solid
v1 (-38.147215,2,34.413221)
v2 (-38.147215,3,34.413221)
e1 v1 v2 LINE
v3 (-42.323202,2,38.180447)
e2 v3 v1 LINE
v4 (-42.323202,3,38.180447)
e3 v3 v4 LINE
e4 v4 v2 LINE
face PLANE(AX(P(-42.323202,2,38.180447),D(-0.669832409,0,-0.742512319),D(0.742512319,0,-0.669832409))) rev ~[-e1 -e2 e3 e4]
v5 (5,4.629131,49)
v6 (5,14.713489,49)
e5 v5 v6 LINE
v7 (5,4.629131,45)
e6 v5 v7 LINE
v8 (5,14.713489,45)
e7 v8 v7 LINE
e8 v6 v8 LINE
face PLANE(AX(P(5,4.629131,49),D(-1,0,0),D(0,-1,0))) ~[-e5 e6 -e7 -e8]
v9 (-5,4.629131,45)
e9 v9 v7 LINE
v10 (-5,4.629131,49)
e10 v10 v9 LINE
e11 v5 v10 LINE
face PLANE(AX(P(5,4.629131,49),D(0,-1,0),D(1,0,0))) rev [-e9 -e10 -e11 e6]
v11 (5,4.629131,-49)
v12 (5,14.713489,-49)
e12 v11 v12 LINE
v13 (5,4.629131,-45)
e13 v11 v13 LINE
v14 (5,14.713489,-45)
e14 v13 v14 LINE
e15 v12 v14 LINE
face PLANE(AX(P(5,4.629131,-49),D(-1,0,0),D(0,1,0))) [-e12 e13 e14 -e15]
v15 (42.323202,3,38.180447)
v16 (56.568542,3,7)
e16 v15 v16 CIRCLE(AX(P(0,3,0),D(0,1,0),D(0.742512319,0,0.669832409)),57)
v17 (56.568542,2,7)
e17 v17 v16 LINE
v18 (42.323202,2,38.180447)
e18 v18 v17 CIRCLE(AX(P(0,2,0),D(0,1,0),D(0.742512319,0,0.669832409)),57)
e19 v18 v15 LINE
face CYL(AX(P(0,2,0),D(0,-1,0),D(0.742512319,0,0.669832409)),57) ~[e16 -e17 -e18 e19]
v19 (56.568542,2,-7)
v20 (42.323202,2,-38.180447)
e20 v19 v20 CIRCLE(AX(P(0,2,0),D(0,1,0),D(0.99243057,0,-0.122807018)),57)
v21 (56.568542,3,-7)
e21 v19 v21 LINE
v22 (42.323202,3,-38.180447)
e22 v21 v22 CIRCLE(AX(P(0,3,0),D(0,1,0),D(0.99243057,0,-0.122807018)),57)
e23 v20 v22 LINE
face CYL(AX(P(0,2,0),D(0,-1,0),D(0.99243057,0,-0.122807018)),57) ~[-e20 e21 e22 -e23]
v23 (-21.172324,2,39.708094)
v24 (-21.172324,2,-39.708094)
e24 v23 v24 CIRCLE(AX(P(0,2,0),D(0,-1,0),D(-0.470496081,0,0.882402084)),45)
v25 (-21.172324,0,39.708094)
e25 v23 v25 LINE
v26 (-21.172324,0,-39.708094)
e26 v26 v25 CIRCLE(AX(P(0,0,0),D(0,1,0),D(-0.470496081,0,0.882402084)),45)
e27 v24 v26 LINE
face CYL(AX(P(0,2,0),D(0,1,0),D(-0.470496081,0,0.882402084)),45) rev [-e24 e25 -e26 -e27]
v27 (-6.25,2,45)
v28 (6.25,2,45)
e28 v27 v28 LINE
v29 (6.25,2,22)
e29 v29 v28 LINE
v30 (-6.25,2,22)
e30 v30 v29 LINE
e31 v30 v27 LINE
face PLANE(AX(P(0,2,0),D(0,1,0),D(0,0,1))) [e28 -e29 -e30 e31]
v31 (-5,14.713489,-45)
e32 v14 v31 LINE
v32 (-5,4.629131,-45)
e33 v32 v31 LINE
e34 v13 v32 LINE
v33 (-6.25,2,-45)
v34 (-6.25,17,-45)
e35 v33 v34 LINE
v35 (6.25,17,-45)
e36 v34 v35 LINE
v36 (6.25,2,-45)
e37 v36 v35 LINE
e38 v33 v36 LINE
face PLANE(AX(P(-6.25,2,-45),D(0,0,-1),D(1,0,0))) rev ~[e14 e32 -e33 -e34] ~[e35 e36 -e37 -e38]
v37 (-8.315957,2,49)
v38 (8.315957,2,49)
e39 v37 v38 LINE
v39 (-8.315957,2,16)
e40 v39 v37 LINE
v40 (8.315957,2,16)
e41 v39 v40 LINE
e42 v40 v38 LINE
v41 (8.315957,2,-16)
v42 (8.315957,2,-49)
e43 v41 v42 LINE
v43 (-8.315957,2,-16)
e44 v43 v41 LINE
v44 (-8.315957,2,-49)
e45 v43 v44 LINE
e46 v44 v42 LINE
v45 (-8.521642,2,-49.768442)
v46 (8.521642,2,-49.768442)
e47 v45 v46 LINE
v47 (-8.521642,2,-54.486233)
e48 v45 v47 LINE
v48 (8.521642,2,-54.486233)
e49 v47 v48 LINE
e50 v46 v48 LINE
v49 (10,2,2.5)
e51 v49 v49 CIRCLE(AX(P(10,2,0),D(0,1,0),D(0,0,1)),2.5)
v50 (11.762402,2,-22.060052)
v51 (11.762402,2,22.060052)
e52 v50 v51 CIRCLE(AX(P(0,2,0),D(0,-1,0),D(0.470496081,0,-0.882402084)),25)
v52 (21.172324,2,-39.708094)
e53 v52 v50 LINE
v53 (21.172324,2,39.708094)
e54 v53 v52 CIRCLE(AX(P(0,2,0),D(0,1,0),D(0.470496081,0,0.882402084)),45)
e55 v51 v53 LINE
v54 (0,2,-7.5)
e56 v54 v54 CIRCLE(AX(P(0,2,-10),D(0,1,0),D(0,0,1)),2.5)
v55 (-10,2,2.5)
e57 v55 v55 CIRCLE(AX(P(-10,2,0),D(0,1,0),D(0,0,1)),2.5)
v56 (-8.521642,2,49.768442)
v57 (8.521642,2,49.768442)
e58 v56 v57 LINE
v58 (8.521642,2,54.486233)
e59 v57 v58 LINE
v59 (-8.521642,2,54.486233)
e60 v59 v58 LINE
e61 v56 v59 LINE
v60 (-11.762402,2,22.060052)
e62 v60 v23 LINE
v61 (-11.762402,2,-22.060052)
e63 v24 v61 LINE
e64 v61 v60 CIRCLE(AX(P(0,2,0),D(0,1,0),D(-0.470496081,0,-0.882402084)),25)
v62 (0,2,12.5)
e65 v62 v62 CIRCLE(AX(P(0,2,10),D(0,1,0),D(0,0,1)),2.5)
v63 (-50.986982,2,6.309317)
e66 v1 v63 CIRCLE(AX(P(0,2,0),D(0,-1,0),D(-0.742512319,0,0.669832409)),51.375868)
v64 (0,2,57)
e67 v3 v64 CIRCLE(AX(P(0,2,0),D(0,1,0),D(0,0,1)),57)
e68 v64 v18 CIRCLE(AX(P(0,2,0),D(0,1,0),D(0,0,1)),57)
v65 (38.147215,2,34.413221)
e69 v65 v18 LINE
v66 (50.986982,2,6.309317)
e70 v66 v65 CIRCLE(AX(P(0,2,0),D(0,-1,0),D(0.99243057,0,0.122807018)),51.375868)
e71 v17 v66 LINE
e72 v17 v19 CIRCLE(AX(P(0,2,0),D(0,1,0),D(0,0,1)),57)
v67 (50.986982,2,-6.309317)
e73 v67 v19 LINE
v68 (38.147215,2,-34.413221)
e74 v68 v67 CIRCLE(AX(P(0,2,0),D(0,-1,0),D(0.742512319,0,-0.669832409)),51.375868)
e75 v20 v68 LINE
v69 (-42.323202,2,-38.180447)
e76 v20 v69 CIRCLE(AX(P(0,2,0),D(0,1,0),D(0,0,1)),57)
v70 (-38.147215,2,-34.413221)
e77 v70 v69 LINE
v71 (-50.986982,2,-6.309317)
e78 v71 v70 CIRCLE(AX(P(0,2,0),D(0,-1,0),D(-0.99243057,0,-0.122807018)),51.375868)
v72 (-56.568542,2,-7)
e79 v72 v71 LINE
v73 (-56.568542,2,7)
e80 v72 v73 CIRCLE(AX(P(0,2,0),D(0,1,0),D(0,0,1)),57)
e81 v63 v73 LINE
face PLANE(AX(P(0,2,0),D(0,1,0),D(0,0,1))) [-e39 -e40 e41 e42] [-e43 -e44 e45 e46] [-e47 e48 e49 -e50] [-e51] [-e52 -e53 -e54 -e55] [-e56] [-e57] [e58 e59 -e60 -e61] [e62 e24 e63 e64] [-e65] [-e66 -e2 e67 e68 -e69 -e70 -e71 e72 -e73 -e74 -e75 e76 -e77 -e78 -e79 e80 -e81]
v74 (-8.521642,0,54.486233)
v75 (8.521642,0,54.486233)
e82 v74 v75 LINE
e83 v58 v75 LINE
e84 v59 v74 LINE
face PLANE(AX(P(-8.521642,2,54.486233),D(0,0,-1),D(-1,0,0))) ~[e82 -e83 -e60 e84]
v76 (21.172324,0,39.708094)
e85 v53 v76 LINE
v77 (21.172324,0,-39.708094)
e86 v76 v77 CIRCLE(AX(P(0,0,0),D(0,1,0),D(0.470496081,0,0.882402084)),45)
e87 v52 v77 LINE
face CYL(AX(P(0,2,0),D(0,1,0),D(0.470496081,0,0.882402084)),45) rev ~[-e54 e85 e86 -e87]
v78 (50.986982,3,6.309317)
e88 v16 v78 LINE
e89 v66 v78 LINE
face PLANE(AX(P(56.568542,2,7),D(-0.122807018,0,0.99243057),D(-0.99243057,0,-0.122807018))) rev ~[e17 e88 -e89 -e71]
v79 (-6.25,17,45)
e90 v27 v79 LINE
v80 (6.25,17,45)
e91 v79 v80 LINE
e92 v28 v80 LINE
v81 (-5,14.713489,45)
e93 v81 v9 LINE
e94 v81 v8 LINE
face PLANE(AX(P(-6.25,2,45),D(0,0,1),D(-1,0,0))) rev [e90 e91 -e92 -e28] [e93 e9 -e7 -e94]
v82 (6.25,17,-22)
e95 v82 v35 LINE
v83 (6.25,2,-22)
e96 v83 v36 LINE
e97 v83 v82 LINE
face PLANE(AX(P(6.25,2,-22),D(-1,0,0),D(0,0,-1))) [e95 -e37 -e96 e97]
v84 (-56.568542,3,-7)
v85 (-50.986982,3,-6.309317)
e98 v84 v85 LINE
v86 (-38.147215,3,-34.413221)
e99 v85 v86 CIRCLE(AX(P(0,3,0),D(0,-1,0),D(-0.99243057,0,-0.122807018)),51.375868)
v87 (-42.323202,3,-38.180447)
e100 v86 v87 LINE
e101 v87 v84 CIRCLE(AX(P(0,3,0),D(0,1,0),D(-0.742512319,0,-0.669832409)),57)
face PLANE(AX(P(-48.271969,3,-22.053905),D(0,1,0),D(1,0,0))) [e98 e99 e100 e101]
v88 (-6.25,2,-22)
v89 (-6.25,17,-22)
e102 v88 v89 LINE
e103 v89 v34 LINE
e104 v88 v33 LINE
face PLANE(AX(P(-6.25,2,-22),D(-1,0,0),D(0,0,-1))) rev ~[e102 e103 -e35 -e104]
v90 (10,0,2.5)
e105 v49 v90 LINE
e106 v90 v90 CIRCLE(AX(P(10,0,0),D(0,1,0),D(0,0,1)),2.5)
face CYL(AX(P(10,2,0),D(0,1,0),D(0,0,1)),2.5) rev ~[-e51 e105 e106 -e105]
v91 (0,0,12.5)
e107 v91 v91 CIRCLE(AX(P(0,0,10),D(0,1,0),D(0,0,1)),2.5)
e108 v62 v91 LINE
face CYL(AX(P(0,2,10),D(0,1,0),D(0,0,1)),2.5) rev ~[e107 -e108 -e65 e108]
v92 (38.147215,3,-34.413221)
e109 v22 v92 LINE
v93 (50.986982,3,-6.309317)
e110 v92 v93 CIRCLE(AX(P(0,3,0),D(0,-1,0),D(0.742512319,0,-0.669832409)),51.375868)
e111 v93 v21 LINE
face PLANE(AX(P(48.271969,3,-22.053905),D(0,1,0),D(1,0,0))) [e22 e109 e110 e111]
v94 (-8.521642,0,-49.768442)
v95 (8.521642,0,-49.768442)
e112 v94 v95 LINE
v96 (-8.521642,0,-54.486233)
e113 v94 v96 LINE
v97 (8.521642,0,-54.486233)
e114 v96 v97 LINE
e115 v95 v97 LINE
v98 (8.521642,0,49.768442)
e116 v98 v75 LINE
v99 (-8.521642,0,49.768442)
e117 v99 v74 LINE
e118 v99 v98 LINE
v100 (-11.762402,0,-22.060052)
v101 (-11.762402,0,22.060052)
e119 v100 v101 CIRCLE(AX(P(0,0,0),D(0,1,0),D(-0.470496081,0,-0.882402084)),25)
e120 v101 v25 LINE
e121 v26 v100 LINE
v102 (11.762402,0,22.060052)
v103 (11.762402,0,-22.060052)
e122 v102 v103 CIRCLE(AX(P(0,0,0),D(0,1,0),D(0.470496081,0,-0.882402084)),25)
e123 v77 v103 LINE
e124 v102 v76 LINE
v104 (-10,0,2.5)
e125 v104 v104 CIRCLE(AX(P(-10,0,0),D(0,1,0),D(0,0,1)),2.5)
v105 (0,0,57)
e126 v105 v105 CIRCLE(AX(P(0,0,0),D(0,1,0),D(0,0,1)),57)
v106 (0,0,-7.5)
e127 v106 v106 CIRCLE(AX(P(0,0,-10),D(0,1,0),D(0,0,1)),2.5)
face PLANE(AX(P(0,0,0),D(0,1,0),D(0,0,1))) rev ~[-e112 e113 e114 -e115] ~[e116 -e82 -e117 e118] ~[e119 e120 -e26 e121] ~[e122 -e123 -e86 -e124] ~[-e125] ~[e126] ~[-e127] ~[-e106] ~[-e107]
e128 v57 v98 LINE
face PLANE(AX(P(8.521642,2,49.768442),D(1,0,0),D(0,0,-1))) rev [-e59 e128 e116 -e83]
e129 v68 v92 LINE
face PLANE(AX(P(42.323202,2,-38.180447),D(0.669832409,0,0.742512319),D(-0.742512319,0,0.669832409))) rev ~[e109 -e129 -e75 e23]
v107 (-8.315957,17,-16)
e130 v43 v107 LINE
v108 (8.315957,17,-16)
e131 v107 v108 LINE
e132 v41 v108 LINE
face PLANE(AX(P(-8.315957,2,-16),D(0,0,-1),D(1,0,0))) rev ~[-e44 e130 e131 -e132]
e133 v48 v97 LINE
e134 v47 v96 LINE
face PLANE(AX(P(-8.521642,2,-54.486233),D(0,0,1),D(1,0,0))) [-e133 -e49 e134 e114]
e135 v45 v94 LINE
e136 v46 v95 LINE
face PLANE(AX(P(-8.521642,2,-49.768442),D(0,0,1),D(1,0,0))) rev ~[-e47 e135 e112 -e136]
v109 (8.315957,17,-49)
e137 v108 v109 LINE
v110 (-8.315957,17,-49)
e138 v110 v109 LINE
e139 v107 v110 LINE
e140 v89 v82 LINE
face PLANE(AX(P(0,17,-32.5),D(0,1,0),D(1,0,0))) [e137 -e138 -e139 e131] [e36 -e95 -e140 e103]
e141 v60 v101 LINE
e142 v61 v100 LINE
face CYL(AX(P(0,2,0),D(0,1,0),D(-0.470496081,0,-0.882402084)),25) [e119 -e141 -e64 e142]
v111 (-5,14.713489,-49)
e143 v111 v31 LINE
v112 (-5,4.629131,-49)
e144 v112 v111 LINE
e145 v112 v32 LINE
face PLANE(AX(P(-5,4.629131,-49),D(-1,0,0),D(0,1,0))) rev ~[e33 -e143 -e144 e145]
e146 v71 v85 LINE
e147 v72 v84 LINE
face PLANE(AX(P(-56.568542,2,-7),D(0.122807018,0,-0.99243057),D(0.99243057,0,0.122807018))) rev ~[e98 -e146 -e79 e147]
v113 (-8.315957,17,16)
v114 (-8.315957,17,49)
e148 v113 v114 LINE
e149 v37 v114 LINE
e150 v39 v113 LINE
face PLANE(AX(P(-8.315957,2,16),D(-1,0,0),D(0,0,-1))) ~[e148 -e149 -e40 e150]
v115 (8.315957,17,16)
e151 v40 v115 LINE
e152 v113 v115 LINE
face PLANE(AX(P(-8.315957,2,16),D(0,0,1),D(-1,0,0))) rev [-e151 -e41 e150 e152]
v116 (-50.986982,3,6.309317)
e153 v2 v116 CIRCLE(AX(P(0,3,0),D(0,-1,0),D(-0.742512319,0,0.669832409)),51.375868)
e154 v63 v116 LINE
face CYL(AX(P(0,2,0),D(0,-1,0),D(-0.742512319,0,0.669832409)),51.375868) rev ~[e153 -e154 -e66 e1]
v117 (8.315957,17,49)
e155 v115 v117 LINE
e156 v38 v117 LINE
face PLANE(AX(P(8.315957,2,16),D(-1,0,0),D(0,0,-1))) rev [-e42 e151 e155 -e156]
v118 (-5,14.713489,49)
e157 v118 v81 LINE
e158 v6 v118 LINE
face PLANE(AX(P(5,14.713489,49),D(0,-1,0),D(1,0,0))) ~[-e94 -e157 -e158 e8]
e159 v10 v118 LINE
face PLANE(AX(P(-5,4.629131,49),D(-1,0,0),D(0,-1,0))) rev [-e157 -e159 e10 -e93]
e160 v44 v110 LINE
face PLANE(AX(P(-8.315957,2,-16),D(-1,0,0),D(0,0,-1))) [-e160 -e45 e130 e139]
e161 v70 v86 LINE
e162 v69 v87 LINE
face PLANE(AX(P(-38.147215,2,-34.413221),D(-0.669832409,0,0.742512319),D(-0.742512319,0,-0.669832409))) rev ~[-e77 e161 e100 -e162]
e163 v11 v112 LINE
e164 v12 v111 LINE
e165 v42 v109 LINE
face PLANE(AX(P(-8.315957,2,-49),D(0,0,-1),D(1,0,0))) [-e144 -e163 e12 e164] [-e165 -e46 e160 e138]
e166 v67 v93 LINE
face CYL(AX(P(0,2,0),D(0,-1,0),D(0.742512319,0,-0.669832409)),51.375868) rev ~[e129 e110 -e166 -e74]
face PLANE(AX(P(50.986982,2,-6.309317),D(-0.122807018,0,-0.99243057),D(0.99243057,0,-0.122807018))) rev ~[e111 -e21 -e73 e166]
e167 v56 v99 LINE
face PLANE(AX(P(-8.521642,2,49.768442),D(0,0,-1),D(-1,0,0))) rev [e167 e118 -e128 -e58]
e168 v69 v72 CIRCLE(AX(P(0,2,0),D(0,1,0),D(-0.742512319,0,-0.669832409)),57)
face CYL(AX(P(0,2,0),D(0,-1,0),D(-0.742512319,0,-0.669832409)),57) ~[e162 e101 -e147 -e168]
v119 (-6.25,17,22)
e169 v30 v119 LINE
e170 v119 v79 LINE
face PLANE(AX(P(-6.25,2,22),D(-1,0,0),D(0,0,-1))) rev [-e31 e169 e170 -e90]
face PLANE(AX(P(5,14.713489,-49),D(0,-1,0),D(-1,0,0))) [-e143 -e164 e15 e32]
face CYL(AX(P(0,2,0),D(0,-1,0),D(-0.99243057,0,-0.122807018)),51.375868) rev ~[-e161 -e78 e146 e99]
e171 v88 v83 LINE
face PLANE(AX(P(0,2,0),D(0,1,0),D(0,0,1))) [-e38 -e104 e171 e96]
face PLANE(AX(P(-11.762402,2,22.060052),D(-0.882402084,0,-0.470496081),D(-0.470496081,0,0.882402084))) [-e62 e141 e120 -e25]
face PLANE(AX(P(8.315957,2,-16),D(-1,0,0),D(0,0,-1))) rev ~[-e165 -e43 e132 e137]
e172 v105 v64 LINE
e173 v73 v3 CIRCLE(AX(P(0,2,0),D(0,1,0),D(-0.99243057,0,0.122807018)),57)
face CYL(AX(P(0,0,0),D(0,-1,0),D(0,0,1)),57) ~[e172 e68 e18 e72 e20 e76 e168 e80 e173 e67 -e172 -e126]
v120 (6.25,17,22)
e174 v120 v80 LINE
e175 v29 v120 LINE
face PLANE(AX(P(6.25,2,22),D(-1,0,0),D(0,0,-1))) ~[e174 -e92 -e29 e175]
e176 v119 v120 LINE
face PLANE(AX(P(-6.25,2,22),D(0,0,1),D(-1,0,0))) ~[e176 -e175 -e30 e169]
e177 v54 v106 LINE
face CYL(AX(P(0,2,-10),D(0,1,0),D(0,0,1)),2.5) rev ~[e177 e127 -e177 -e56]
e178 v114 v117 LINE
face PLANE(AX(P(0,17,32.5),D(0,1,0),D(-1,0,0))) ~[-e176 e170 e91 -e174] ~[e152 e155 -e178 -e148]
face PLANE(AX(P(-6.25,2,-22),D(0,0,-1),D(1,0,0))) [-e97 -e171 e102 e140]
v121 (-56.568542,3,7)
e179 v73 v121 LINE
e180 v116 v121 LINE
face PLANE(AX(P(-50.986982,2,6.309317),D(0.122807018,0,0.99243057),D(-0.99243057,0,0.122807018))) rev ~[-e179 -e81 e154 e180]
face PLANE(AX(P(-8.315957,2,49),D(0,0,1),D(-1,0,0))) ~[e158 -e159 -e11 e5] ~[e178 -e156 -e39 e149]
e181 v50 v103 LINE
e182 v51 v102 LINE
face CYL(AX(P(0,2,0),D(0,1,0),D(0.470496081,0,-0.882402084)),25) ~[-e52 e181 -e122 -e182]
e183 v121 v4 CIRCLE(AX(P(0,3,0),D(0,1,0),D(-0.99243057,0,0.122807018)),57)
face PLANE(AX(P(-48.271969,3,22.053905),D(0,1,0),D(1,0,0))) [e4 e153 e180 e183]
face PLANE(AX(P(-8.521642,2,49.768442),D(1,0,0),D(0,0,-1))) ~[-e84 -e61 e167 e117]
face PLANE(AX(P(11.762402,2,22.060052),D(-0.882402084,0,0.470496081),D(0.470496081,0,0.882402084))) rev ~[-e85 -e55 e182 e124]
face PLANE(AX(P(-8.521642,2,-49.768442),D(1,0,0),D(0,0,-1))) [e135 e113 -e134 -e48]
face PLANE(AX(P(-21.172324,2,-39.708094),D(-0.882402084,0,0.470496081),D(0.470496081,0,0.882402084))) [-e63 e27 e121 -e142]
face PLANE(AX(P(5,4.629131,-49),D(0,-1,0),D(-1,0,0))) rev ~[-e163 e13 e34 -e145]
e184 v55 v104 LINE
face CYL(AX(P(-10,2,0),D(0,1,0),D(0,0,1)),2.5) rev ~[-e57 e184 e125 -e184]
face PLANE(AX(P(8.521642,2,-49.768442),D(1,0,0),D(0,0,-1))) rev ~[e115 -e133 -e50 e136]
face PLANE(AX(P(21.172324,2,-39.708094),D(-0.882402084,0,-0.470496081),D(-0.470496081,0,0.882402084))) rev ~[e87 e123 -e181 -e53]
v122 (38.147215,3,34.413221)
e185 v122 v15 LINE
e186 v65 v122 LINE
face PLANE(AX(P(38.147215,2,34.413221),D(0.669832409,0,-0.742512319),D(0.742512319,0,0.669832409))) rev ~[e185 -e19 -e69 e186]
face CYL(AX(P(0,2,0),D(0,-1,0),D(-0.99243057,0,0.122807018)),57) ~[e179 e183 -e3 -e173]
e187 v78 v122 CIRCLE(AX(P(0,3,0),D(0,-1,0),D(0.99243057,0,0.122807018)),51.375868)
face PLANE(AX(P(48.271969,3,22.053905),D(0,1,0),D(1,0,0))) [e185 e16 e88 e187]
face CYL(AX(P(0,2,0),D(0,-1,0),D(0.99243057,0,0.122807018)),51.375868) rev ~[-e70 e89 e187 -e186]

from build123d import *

# Parameters (mm, degrees)
SKETCH1_R           = 57
BOSS_EXTRUDE1_DEPTH = 2
BOSS_EXTRUDE2_DEPTH = 1
SKETCH3_W           = 16.631913854
SKETCH3_H           = 33
SKETCH3_W_2         = 12.5
SKETCH3_H_2         = 23
BOSS_EXTRUDE3_DEPTH = 15
SKETCH4_W           = 10
SKETCH4_H           = 10.084358196
CUT_EXTRUDE1_DEPTH  = 20
SKETCH5_W           = 17.04328316
SKETCH5_H           = 4.71779089
CUT_EXTRUDE2_DEPTH  = 20
SKETCH6_R           = 2.5
CUT_EXTRUDE3_DEPTH  = 20


with BuildPart() as part:
    # Sketch1 → Boss-Extrude1 (new body)
    with BuildSketch(Plane(origin=(0, 0, 0), x_dir=(1, 0, 0), z_dir=(0, 1, 0))):
        with Locations(Location((0, 0, 0), (0, 0, 270))):
            Circle(SKETCH1_R)
    extrude(amount=BOSS_EXTRUDE1_DEPTH)

    # Sketch2 → Boss-Extrude2 (add)
    with BuildSketch(Plane(origin=(0, 2, 0), x_dir=(1, 0, 0), z_dir=(0, 1, 0))):
        with BuildLine():
            Line((-56.568542495, 7), (-50.986982029, 6.30931713))
            ThreePointArc((-50.986982029, 6.30931713), (-46.729900776, 21.34938389), (-38.147214926, 34.413221478))
            Line((-38.147214926, 34.413221478), (-42.323202173, 38.180447324))
            ThreePointArc((-42.323202173, 38.180447324), (-51.84543726, 23.686507453), (-56.568542495, 7))
        make_face()
        with BuildLine():
            Line((42.323202173, 38.180447324), (38.147214926, 34.413221478))
            ThreePointArc((38.147214926, 34.413221478), (46.729900776, 21.34938389), (50.986982029, 6.30931713))
            Line((50.986982029, 6.30931713), (56.568542495, 7))
            ThreePointArc((56.568542495, 7), (51.84543726, 23.686507453), (42.323202173, 38.180447324))
        make_face()
        with BuildLine():
            Line((56.568542495, -7), (50.986982029, -6.30931713))
            ThreePointArc((50.986982029, -6.30931713), (46.729900776, -21.34938389), (38.147214926, -34.413221478))
            Line((38.147214926, -34.413221478), (42.323202173, -38.180447324))
            ThreePointArc((42.323202173, -38.180447324), (51.84543726, -23.686507453), (56.568542495, -7))
        make_face()
        with BuildLine():
            Line((-42.323202173, -38.180447324), (-38.147214926, -34.413221478))
            ThreePointArc((-38.147214926, -34.413221478), (-46.729900776, -21.34938389), (-50.986982029, -6.30931713))
            Line((-50.986982029, -6.30931713), (-56.568542495, -7))
            ThreePointArc((-56.568542495, -7), (-51.84543726, -23.686507453), (-42.323202173, -38.180447324))
        make_face()
    extrude(amount=BOSS_EXTRUDE2_DEPTH)

    # Sketch3 → Boss-Extrude3 (add)
    with BuildSketch(Plane(origin=(0, 2, 0), x_dir=(1, 0, 0), z_dir=(0, 1, 0))):
        with Locations((0, 32.5)):
            Rectangle(SKETCH3_W, SKETCH3_H)
        with Locations((0, 33.5)):
            Rectangle(SKETCH3_W_2, SKETCH3_H_2, mode=Mode.SUBTRACT)
    boss_extrude3 = extrude(amount=BOSS_EXTRUDE3_DEPTH)

    # Sketch4 → Cut-Extrude1 (cut)
    with BuildSketch(Plane(origin=(0, 0, -49), x_dir=(-1, 0, 0), z_dir=(0, 0, -1))):
        with Locations((0, 9.671309809)):
            Rectangle(SKETCH4_W, SKETCH4_H)
    cut_extrude1 = extrude(amount=-CUT_EXTRUDE1_DEPTH, mode=Mode.SUBTRACT)

    # Sketch5 → Cut-Extrude2 (cut)
    with BuildSketch(Plane(origin=(0, 2, 0), x_dir=(1, 0, 0), z_dir=(0, 1, 0))):
        with Locations((0, 52.127337333)):
            Rectangle(SKETCH5_W, SKETCH5_H)
    cut_extrude2 = extrude(amount=-CUT_EXTRUDE2_DEPTH, mode=Mode.SUBTRACT)

    # Mirror1: Boss-Extrude3, Cut-Extrude1, Cut-Extrude2 across plane
    add(boss_extrude3.mirror(Plane.XY))
    add(cut_extrude1.mirror(Plane.XY), mode=Mode.SUBTRACT)
    add(cut_extrude2.mirror(Plane.XY), mode=Mode.SUBTRACT)

    # Sketch6 → Cut-Extrude3 (cut)
    with BuildSketch(Plane(origin=(0, 2, 0), x_dir=(1, 0, 0), z_dir=(0, 1, 0))):
        with Locations(Location((-10, 0, 0), (0, 0, 270))):
            Circle(SKETCH6_R)
        with Locations(Location((0, 10, 0), (0, 0, 270))):
            Circle(SKETCH6_R)
        with Locations(Location((10, 0, 0), (0, 0, 270))):
            Circle(SKETCH6_R)
        with Locations(Location((0, -10, 0), (0, 0, 270))):
            Circle(SKETCH6_R)
        with BuildLine():
            Line((-21.172323644, 39.708093778), (-11.762402025, 22.060052099))
            ThreePointArc((-11.762402025, 22.060052099), (-25, 0), (-11.762402025, -22.060052099))
            Line((-11.762402025, -22.060052099), (-21.172323644, -39.708093778))
            ThreePointArc((-21.172323644, -39.708093778), (-45, 0), (-21.172323644, 39.708093778))
        make_face()
        with BuildLine():
            Line((21.172323644, 39.708093778), (11.762402025, 22.060052099))
            ThreePointArc((11.762402025, 22.060052099), (25, 0), (11.762402025, -22.060052099))
            Line((11.762402025, -22.060052099), (21.172323644, -39.708093778))
            ThreePointArc((21.172323644, -39.708093778), (45, 0), (21.172323644, 39.708093778))
        make_face()
    extrude(amount=-CUT_EXTRUDE3_DEPTH, mode=Mode.SUBTRACT)


solid = part.part
